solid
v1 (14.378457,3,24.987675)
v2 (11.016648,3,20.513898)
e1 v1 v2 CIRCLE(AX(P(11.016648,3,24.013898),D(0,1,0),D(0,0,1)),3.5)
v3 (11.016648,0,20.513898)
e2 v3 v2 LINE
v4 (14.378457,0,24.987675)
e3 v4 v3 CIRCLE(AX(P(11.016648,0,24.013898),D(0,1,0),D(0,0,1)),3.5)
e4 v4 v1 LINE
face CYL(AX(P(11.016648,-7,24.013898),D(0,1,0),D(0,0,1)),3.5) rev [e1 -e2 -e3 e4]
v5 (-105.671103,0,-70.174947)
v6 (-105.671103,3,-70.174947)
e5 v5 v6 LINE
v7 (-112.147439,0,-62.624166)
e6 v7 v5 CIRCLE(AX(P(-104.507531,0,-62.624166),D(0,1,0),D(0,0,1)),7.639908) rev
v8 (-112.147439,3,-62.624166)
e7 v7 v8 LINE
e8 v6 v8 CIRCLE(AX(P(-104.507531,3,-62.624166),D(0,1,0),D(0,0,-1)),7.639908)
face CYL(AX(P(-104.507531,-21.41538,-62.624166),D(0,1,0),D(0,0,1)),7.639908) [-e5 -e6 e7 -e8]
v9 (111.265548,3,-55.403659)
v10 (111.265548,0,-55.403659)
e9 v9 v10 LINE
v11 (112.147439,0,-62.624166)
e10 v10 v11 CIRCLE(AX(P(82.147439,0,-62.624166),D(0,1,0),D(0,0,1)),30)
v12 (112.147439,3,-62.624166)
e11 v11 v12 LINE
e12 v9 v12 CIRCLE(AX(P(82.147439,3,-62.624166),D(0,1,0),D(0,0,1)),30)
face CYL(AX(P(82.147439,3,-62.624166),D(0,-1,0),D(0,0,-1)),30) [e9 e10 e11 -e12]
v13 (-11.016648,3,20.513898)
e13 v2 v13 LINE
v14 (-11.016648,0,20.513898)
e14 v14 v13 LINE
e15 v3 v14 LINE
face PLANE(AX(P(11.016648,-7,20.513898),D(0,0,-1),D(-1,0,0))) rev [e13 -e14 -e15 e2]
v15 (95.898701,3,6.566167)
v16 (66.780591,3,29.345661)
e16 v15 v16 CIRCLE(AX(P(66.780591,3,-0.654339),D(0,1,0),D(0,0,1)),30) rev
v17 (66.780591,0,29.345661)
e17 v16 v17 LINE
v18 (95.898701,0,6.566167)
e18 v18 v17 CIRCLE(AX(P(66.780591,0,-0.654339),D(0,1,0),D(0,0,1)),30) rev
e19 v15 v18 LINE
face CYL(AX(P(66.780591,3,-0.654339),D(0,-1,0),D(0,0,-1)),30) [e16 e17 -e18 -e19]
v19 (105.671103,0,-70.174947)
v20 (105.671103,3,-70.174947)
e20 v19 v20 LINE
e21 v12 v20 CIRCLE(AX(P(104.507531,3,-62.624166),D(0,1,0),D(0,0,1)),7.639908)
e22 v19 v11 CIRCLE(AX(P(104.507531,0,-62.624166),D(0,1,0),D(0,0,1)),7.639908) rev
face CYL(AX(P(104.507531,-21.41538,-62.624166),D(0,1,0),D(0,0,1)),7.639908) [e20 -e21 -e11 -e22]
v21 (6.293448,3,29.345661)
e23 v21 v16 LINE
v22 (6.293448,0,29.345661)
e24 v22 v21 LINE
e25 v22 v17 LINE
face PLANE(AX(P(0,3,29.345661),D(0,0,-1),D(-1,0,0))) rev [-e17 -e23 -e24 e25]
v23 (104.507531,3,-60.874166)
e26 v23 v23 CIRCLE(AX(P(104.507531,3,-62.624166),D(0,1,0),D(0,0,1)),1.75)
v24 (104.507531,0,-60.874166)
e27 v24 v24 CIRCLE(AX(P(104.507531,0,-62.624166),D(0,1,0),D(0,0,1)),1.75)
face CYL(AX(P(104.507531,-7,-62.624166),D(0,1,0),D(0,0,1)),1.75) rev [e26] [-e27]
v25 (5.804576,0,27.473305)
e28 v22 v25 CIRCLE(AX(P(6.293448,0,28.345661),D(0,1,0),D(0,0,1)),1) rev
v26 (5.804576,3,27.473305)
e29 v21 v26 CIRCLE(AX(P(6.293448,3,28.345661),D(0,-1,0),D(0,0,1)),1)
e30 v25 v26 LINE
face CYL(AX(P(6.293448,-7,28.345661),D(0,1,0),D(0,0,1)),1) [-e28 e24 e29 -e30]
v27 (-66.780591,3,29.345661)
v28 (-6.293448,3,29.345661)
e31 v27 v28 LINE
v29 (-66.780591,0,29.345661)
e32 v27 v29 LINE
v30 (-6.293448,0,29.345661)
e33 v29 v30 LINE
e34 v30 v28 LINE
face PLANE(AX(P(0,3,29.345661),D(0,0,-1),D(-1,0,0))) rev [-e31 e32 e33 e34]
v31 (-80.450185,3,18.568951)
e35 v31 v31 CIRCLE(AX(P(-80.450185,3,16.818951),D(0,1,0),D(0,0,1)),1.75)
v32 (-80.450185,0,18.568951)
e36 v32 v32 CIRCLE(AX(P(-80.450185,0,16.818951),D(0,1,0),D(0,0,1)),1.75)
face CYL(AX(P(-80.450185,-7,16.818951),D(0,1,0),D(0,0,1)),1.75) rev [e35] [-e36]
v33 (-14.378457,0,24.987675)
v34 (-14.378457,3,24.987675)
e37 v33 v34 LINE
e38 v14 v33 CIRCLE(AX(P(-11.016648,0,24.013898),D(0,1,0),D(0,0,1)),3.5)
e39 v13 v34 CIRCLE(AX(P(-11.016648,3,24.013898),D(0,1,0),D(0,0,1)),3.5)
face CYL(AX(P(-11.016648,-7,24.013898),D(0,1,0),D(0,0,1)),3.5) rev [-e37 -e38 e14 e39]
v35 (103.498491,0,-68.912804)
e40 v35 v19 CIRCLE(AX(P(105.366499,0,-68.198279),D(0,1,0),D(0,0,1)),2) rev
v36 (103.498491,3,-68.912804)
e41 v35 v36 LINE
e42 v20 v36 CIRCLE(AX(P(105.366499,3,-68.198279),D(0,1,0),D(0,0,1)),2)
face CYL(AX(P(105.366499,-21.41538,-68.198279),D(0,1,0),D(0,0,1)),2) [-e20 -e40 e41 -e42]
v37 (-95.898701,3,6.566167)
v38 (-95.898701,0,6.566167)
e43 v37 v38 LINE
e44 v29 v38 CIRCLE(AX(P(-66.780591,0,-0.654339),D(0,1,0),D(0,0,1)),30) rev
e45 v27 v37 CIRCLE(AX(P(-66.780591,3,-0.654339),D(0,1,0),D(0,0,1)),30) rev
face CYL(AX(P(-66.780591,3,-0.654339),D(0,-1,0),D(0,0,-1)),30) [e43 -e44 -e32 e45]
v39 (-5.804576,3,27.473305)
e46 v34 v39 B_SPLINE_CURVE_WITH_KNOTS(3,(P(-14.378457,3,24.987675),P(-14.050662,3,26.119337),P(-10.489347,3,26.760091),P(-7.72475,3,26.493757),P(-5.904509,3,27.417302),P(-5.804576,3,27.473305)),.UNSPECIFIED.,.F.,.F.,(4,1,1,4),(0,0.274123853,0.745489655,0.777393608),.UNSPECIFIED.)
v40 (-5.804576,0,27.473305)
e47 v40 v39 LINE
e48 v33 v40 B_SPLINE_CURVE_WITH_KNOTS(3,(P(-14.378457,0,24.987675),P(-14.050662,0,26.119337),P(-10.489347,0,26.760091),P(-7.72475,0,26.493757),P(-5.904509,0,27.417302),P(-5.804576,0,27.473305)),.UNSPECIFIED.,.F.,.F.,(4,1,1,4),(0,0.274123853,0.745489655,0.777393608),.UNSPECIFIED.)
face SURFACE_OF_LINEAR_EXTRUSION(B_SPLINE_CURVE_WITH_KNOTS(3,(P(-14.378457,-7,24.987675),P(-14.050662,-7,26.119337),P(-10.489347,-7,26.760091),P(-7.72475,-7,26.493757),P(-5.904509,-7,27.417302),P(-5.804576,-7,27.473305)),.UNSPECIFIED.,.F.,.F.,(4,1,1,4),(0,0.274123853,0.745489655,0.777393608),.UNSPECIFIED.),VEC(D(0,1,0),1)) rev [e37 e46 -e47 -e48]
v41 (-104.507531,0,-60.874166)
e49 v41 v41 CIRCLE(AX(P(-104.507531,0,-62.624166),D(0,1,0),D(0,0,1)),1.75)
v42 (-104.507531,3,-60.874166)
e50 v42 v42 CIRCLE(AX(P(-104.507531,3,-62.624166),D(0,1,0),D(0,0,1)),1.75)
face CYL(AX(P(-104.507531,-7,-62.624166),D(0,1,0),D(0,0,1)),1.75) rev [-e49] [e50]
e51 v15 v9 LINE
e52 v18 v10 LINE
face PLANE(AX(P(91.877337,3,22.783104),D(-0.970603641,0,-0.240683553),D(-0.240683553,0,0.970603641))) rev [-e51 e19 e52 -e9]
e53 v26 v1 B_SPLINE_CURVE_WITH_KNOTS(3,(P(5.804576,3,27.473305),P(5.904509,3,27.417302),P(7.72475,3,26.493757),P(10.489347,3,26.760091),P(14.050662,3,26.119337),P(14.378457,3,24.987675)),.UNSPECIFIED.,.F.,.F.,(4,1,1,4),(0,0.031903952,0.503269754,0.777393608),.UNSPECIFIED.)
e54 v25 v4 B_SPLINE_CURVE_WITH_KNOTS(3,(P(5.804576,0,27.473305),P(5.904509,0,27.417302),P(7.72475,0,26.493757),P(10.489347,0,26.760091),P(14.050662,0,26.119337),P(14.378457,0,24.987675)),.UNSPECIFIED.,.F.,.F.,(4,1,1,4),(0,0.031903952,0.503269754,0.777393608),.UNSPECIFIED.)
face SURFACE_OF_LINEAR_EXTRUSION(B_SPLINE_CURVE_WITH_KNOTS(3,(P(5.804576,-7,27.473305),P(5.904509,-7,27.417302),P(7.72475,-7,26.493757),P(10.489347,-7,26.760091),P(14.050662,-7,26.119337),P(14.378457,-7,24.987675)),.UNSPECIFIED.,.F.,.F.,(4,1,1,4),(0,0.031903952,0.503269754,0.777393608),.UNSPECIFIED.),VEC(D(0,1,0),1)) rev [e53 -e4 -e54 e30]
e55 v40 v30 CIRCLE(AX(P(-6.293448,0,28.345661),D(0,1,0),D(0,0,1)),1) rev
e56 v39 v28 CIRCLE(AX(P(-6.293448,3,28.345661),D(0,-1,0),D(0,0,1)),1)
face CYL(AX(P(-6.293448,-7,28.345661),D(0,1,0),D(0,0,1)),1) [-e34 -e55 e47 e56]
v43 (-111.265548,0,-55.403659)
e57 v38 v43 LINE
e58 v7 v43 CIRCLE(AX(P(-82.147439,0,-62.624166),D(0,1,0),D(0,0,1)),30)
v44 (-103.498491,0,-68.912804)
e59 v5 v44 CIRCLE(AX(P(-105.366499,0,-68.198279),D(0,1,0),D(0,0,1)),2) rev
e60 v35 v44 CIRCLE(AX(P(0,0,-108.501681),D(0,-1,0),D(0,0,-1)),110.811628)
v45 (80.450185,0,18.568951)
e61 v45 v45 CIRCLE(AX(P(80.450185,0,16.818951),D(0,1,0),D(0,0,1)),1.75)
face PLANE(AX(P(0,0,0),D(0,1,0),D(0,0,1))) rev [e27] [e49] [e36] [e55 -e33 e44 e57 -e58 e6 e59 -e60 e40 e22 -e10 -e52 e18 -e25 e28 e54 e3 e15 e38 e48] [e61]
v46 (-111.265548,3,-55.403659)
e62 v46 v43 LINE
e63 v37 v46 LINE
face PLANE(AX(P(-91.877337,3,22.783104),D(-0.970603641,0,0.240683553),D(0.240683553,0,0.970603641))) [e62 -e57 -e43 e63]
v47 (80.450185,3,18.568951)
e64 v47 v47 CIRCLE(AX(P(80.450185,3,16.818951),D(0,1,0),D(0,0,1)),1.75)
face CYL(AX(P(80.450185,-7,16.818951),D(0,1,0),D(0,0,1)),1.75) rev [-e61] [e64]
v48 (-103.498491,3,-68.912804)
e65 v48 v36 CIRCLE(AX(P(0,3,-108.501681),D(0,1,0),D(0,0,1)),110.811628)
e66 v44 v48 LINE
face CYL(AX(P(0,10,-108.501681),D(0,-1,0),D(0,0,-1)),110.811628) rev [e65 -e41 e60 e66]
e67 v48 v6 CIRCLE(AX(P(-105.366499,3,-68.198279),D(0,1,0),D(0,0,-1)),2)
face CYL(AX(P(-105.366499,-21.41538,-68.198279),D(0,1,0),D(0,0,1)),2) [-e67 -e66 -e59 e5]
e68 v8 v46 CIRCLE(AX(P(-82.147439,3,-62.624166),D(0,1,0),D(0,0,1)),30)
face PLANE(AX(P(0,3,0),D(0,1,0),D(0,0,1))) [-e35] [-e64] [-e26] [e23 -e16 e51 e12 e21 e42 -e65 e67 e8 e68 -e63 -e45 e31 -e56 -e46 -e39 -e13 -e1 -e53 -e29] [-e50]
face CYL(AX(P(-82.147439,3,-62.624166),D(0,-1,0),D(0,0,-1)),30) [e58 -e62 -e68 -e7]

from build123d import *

# Parameters (mm, degrees)
EXTRUDE_1_DEPTH     = 3
CUT_EXTRUDE_1_DEPTH = 10
EXTRUDE_START       = -3
EXTRUDE_2_DEPTH     = 3
SKETCH_4_R          = 1.75
CUT_EXTRUDE_2_DEPTH = 10
CUT_EXTRUDE_3_DEPTH = 10


with BuildPart() as part:
    # 草图1 → 凸台-拉伸1 (new body)
    with BuildSketch(Plane(origin=(0, 0, 0), x_dir=(1, 0, 0), z_dir=(0, 1, 0))):
        with BuildLine():
            Line((-66.78059141, 154.593992167), (66.78059141, 154.593992167))
            ThreePointArc((66.78059141, 154.593992167), (85.265515034, 148.222525736), (95.898700635, 131.814498742))
            Line((95.898700635, 131.814498742), (111.265547961, 69.844672358))
            ThreePointArc((111.265547961, 69.844672358), (112.147438737, 62.624165782), (111.265547961, 55.403659207))
            Line((111.265547961, 55.403659207), (95.898700635, -6.566167178))
            ThreePointArc((95.898700635, -6.566167178), (85.265515034, -22.974194171), (66.78059141, -29.345660602))
            Line((66.78059141, -29.345660602), (-66.78059141, -29.345660602))
            ThreePointArc((-66.78059141, -29.345660602), (-85.265515034, -22.974194171), (-95.898700635, -6.566167178))
            Line((-95.898700635, -6.566167178), (-111.265547961, 55.403659207))
            ThreePointArc((-111.265547961, 55.403659207), (-112.147438737, 62.624165782), (-111.265547961, 69.844672358))
            Line((-111.265547961, 69.844672358), (-95.898700635, 131.814498742))
            ThreePointArc((-95.898700635, 131.814498742), (-85.265515034, 148.222525736), (-66.78059141, 154.593992167))
        make_face()
    extrude(amount=EXTRUDE_1_DEPTH)

    # 草图2 → 切除-拉伸1 (cut)
    with BuildSketch(Plane.XZ):
        with BuildLine():
            Line((95.898700635, -131.814498742), (111.265547961, -69.844672358))
            ThreePointArc((111.265547961, -69.844672358), (112.145783913, -62.939263665), (111.410792816, -56.016888883))
            ThreePointArc((111.410792816, -56.016888883), (104.688448853, -60.381556842), (97.766986015, -56.340073582))
            ThreePointArc((97.766986015, -56.340073582), (0, 2.309946502), (-97.766986015, -56.340073582))
            ThreePointArc((-97.766986015, -56.340073582), (-104.688448853, -60.381556842), (-111.410792816, -56.016888883))
            ThreePointArc((-111.410792816, -56.016888883), (-112.145783913, -62.939263665), (-111.265547961, -69.844672358))
            Line((-111.265547961, -69.844672358), (-95.898700635, -131.814498742))
            ThreePointArc((-95.898700635, -131.814498742), (-85.265515034, -148.222525736), (-66.78059141, -154.593992167))
            Line((-66.78059141, -154.593992167), (66.78059141, -154.593992167))
            ThreePointArc((66.78059141, -154.593992167), (85.265515034, -148.222525736), (95.898700635, -131.814498742))
        make_face()
    extrude(amount=-CUT_EXTRUDE_1_DEPTH, mode=Mode.SUBTRACT)

    # 草图3 → 凸台-拉伸2 (add)
    with BuildSketch(Plane(origin=(0, 3, 0), x_dir=(1, 0, 0), z_dir=(0, 1, 0)).offset(EXTRUDE_START)):
        with BuildLine():
            Line((111.265547961, 55.403659207), (97.047161675, 55.012754554))
            ThreePointArc((97.047161675, 55.012754554), (100.513394998, 61.851126086), (103.498491265, 68.91280428))
            ThreePointArc((103.498491265, 68.91280428), (104.361855318, 69.927640036), (105.671102633, 70.174946664))
            ThreePointArc((105.671102633, 70.174946664), (110.30657274, 67.598027995), (112.147438737, 62.624165782))
            ThreePointArc((112.147438737, 62.624165782), (111.926149897, 58.98708431), (111.265547961, 55.403659207))
        make_face()
        with BuildLine():
            Line((-111.265547961, 55.403659207), (-97.047161675, 55.012754554))
            ThreePointArc((-97.047161675, 55.012754554), (-100.513394998, 61.851126086), (-103.498491265, 68.91280428))
            ThreePointArc((-103.498491265, 68.91280428), (-104.361855318, 69.927640036), (-105.671102633, 70.174946664))
            ThreePointArc((-105.671102633, 70.174946664), (-110.30657274, 67.598027995), (-112.147438737, 62.624165782))
            ThreePointArc((-112.147438737, 62.624165782), (-111.926149897, 58.98708431), (-111.265547961, 55.403659207))
        make_face()
    extrude(amount=EXTRUDE_2_DEPTH)

    # 草图4 → 切除-拉伸2 (cut)
    with BuildSketch(Plane(origin=(0, 3, 0), x_dir=(1, 0, 0), z_dir=(0, 1, 0))):
        with Locations(Location((104.507530951, 62.624165782, 0), (0, 0, 270))):
            Circle(SKETCH_4_R)
        with Locations(Location((-104.507530951, 62.624165782, 0), (0, 0, 270))):
            Circle(SKETCH_4_R)
        with Locations(Location((80.450184708, -16.818951307, 0), (0, 0, 270))):
            Circle(SKETCH_4_R)
        with Locations(Location((-80.450184708, -16.818951307, 0), (0, 0, 270))):
            Circle(SKETCH_4_R)
    extrude(amount=-CUT_EXTRUDE_2_DEPTH, mode=Mode.SUBTRACT)

    # 草图5 → 切除-拉伸3 (cut)
    with BuildSketch(Plane(origin=(0, 3, 0), x_dir=(1, 0, 0), z_dir=(0, 1, 0))):
        with BuildLine():
            Line((11.016648097, -20.513898252), (-11.016648097, -20.513898252))
            ThreePointArc((-11.016648097, -20.513898252), (-13.814702514, -21.911306641), (-14.378457093, -24.987674549))
            add(Edge.make_bspline(
                [(-14.378457093, -24.987674549), (-14.050661547, -26.11933694), (-10.489346867, -26.76009099), (-7.724749574, -26.493757466), (-5.904508816, -27.417302496), (-5.804576355, -27.473305111)],
                knots=[0, 0, 0, 0, 0.274123853, 0.745489655, 0.777393608, 0.777393608, 0.777393608, 0.777393608], degree=3))
            ThreePointArc((-5.804576355, -27.473305111), (-5.325885634, -28.59829127), (-6.293448421, -29.345660602))
            Line((-6.293448421, -29.345660602), (6.293448421, -29.345660602))
            ThreePointArc((6.293448421, -29.345660602), (5.325885634, -28.59829127), (5.804576355, -27.473305111))
            add(Edge.make_bspline(
                [(5.804576355, -27.473305111), (5.904508816, -27.417302496), (7.724749574, -26.493757466), (10.489346867, -26.76009099), (14.050661547, -26.11933694), (14.378457093, -24.987674549)],
                knots=[0, 0, 0, 0, 0.031903952, 0.503269754, 0.777393608, 0.777393608, 0.777393608, 0.777393608], degree=3))
            ThreePointArc((14.378457093, -24.987674549), (13.814702514, -21.911306641), (11.016648097, -20.513898252))
        make_face()
    extrude(amount=-CUT_EXTRUDE_3_DEPTH, mode=Mode.SUBTRACT)


solid = part.part
